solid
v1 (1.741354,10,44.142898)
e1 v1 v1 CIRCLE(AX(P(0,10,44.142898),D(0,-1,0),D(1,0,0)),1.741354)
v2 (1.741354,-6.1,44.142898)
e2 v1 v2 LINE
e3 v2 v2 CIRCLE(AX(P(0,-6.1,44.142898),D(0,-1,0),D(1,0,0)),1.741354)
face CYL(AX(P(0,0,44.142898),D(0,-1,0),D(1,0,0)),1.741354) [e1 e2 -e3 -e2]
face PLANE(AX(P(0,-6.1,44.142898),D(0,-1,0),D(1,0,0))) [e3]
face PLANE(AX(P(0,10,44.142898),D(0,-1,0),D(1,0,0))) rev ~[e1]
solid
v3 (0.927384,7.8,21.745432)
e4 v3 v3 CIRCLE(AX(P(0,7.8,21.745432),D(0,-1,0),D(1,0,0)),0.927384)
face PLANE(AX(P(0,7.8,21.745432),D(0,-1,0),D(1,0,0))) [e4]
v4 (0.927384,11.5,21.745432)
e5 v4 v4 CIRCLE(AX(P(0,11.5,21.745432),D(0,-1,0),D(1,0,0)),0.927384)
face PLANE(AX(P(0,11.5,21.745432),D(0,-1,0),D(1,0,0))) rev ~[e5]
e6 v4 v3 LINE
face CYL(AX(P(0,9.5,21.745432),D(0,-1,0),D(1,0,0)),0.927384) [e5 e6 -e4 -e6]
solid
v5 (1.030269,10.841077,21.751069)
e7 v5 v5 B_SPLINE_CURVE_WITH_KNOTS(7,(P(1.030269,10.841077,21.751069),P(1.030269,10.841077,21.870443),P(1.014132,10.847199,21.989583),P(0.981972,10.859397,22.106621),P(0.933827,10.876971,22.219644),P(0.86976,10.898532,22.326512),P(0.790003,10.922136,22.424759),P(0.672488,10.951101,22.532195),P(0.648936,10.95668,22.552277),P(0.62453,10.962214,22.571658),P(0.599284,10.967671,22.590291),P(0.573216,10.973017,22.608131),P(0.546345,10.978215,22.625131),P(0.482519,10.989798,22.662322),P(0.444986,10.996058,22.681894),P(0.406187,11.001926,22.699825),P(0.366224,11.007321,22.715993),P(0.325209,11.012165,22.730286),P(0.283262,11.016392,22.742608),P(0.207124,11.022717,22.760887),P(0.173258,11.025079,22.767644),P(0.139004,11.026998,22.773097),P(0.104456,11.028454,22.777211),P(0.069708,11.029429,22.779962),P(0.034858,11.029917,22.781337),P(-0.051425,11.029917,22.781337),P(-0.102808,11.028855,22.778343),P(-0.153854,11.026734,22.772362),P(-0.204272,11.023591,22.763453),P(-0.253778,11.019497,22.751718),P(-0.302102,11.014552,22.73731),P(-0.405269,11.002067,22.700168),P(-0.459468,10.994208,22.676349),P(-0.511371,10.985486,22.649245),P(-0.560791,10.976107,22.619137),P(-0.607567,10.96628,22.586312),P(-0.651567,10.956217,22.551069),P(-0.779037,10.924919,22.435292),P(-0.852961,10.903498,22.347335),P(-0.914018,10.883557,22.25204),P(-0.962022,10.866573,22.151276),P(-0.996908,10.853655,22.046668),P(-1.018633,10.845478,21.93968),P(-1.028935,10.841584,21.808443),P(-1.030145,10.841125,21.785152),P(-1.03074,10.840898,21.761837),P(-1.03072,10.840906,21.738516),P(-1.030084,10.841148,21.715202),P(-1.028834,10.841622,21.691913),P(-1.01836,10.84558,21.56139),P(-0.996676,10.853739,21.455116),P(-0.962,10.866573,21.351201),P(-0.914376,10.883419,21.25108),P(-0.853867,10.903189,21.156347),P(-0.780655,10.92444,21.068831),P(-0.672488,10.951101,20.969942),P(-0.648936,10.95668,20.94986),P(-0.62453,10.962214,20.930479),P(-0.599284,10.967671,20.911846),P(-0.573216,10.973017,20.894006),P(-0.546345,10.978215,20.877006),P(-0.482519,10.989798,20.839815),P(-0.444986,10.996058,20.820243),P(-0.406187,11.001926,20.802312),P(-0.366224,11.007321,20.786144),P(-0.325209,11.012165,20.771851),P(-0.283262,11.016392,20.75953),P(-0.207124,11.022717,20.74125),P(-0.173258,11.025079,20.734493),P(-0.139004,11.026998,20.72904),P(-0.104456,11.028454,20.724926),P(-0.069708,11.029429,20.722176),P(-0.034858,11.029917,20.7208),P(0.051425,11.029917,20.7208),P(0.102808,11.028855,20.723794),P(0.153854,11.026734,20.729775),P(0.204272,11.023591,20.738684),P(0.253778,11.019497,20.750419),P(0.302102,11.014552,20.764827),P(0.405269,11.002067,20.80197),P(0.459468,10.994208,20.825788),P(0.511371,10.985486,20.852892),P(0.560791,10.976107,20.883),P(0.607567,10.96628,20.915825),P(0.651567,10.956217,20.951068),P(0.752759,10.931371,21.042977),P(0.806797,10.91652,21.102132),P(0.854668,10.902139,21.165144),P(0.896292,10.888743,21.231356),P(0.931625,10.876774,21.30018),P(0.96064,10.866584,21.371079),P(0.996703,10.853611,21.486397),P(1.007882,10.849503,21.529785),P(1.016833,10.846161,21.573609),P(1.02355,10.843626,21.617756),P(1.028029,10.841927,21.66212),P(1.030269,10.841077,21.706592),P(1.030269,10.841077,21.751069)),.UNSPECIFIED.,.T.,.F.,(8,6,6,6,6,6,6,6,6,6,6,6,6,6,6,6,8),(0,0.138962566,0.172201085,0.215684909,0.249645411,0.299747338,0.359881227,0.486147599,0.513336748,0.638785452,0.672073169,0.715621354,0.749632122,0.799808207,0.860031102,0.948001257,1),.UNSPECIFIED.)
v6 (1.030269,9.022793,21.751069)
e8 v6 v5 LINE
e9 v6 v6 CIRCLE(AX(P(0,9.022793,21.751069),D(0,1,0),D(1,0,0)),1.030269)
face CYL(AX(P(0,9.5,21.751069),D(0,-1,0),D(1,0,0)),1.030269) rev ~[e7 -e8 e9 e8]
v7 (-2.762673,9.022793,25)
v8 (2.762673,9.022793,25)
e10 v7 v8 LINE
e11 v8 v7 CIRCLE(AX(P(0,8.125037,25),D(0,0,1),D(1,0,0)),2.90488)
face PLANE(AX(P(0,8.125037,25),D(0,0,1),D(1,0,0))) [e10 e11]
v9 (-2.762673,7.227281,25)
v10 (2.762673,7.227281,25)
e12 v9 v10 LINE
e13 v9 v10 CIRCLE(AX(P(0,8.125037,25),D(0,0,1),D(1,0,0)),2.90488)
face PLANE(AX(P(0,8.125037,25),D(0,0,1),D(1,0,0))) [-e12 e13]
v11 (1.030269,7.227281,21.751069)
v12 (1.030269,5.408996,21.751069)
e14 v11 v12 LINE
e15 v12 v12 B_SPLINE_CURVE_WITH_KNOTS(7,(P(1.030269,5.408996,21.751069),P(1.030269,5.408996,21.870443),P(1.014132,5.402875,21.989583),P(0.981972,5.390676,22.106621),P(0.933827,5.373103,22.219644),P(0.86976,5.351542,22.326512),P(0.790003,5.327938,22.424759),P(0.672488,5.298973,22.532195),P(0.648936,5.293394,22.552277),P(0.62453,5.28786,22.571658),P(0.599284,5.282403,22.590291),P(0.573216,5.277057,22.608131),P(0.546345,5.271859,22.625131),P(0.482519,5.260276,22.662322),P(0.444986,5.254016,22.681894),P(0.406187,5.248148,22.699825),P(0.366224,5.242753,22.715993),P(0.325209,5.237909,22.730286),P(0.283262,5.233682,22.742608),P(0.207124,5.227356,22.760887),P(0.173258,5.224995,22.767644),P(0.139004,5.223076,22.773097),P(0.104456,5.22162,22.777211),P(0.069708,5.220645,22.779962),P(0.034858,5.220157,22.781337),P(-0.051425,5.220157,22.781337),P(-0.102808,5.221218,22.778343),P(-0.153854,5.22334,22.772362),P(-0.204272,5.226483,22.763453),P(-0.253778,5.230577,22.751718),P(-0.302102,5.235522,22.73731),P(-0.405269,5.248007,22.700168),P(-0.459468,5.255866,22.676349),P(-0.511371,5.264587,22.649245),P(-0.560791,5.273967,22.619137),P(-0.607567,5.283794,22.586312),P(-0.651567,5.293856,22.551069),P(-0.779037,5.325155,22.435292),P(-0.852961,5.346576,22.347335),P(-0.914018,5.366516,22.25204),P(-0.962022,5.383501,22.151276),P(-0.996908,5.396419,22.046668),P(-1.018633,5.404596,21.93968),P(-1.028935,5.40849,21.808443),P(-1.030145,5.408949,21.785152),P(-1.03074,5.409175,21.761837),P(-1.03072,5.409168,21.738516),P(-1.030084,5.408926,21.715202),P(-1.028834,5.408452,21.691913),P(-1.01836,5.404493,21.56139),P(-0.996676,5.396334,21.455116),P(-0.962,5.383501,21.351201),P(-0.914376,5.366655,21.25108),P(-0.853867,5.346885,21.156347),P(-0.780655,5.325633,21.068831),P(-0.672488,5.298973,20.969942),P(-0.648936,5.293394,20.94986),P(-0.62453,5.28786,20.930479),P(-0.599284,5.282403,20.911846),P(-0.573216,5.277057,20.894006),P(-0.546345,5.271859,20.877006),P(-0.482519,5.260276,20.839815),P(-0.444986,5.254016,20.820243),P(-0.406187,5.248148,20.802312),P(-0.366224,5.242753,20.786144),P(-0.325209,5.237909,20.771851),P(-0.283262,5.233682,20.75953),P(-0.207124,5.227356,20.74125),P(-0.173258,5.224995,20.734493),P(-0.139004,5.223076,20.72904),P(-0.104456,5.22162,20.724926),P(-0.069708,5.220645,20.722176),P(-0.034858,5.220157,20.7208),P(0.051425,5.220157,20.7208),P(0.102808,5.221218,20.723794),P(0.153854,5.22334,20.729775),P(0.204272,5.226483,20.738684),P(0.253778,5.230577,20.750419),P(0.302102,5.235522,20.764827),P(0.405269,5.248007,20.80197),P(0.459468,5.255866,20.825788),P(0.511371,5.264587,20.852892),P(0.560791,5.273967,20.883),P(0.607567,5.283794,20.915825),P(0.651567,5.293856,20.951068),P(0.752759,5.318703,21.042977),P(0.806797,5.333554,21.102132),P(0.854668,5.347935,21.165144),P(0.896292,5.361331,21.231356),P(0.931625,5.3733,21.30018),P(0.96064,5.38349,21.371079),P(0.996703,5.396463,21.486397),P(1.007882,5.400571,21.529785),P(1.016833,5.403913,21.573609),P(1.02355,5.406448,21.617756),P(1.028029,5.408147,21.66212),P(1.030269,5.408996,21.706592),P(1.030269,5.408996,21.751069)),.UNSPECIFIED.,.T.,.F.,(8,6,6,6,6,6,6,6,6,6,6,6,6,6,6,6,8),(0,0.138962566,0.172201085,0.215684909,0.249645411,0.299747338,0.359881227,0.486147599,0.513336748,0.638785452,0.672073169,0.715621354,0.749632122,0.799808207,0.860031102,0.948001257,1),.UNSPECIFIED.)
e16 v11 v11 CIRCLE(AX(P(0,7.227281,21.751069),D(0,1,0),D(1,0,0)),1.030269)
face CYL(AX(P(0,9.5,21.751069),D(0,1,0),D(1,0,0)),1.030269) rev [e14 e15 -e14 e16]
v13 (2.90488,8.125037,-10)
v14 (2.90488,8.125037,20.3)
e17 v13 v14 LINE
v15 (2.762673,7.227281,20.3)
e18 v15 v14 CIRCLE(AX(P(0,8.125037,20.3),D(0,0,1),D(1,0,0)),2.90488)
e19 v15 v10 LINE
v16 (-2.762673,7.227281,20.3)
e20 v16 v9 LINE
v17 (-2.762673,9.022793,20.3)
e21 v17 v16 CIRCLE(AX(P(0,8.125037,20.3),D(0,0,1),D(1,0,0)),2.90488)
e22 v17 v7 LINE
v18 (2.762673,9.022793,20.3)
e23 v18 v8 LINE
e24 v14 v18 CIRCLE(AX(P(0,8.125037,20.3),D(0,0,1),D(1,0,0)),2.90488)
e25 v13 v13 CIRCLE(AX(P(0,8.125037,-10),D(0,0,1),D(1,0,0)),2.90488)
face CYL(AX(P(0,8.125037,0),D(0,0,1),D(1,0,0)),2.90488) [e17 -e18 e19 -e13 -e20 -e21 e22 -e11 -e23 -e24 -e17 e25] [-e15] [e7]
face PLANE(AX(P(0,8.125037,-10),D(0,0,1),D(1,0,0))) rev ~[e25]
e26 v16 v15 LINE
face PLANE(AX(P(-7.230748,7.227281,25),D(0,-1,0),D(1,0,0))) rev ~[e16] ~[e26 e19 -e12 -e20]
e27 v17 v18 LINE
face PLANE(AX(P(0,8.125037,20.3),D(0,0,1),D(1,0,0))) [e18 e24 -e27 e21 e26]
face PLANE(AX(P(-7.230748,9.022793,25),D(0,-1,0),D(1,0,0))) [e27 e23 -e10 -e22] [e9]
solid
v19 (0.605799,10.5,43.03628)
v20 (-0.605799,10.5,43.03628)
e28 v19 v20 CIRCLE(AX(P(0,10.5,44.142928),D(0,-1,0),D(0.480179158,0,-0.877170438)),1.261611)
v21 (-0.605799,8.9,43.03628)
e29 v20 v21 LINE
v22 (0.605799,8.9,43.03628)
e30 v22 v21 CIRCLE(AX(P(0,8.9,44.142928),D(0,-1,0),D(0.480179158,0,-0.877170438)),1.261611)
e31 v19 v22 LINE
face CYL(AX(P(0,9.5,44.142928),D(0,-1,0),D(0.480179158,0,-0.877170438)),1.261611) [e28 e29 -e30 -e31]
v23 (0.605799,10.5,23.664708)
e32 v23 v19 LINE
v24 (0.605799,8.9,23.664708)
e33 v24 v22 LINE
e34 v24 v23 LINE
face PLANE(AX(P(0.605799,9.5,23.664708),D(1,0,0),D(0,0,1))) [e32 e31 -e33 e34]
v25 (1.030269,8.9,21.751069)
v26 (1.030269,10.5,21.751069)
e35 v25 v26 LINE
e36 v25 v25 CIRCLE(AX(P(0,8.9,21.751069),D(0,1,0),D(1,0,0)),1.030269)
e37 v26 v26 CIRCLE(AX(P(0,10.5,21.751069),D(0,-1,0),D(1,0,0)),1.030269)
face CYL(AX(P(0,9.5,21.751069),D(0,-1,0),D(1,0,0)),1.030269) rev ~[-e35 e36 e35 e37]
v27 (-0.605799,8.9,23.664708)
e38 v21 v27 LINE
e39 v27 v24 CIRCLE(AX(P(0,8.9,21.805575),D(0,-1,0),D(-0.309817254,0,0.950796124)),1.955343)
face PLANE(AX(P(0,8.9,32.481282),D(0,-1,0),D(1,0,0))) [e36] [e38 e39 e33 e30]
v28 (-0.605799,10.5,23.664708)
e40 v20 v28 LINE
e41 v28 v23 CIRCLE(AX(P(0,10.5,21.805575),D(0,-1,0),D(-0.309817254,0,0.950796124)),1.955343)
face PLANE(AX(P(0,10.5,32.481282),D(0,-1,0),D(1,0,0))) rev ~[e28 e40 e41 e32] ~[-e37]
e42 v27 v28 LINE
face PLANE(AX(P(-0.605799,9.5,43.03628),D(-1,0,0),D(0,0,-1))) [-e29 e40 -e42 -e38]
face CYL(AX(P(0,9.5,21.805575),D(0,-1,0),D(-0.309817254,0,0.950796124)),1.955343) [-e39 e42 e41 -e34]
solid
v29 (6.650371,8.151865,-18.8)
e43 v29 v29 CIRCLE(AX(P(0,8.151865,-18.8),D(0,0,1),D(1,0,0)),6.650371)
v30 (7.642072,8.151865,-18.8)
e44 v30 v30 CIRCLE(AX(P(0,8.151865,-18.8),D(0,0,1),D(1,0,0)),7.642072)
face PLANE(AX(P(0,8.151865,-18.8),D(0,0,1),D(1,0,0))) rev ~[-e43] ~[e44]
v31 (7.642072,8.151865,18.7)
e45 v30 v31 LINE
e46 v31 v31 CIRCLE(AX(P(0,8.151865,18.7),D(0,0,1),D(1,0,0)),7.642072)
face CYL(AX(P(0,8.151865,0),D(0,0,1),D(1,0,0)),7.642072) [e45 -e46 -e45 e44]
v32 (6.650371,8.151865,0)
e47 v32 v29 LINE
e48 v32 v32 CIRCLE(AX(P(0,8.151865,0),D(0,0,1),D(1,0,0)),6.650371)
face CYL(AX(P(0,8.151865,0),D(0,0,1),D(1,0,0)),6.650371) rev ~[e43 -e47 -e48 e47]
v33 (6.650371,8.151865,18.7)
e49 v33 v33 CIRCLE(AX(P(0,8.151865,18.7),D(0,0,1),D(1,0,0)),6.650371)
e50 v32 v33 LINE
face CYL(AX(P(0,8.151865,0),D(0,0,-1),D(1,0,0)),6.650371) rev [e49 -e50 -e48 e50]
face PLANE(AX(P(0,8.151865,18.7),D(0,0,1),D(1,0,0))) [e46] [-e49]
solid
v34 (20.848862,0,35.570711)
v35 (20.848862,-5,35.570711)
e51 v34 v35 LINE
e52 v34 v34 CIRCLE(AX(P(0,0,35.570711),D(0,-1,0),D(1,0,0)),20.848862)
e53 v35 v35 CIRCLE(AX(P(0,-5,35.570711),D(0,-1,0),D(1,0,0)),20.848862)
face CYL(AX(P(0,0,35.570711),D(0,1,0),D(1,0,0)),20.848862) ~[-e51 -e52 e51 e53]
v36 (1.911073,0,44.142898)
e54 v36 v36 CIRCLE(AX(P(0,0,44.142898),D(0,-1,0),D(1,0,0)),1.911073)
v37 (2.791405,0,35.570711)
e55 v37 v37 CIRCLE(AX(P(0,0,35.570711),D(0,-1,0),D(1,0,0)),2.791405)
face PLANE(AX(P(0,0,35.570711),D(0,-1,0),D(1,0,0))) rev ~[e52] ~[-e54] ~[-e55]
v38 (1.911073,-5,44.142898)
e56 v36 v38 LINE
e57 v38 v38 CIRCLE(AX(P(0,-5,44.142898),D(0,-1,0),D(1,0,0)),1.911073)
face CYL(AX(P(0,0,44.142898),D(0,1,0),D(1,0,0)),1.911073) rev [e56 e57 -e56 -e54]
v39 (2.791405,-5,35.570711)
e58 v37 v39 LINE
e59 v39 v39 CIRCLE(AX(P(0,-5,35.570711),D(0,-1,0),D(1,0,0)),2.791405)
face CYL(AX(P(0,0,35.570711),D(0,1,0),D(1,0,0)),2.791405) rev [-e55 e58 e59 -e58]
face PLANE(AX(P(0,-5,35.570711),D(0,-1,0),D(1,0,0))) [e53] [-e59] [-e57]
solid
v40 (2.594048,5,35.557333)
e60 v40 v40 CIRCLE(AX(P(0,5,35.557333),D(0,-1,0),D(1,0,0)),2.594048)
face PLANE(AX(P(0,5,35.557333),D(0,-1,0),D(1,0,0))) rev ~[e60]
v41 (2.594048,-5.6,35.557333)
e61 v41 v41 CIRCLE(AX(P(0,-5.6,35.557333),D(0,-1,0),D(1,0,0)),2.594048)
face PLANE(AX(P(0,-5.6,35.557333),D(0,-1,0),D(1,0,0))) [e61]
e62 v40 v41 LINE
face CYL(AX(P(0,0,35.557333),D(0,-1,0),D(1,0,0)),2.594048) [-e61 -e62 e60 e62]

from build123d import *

# Parameters (mm, degrees)
F0_R           = 20.8488616531
F0_R_2         = 2.7914051361
F0_R_3         = 1.9110729526
F1_DEPTH       = 5
F2_R           = 2.5940480956
F3_DEPTH       = 5.6
F3_DEPTH_BACK  = 5
F4_R           = 1.7413542599
F5_DEPTH       = 6.1
F5_DEPTH_BACK  = 10
F6_R           = 7.64207238
F6_R_2         = 6.6503709335
F7_DEPTH       = 18.7
F7_DEPTH_BACK  = 18.8
F8_R           = 2.9048803565
F9_DEPTH       = 25
F9_DEPTH_BACK  = 10
F12_DEPTH      = 0.6
F12_DEPTH_BACK = 1
F13_W          = 14.4614959136
F13_H          = 1.7955116928
F14_DEPTH      = 4.7
F15_R          = 1.0302689198
F16_DEPTH      = 7.5
F16_DEPTH_BACK = 6.8
F17_R          = 0.9273844954
F18_DEPTH      = 1.7
F18_DEPTH_BACK = 2


with BuildPart() as f1:
    # F0 (on Front) → F1 (new body)
    with BuildSketch(Plane.XZ):
        with Locations((0, 35.5707108974)):
            Circle(F0_R)
        with Locations((0, 35.5707108974)):
            Circle(F0_R_2, mode=Mode.SUBTRACT)
        with Locations((0, 44.1428981721)):
            Circle(F0_R_3, mode=Mode.SUBTRACT)
    extrude(amount=F1_DEPTH)


with BuildPart() as f3:
    # F2 (on Front) → F3 (new body, two sides)
    with BuildSketch(Plane.XZ) as f3_sk:
        with Locations((0, 35.55733338)):
            Circle(F2_R)
    extrude(amount=F3_DEPTH)
    extrude(f3_sk.sketch, amount=-F3_DEPTH_BACK)


with BuildPart() as f5:
    # F4 (on Front) → F5 (new body, two sides)
    with BuildSketch(Plane.XZ) as f5_sk:
        with Locations((0, 44.1428981721)):
            Circle(F4_R)
    extrude(amount=F5_DEPTH)
    extrude(f5_sk.sketch, amount=-F5_DEPTH_BACK)


with BuildPart() as f7:
    # F6 (on Top) → F7 (new body, two sides)
    with BuildSketch(Plane.XY) as f7_sk:
        with Locations((0, 8.151864633)):
            Circle(F6_R)
        with Locations((0, 8.151864633)):
            Circle(F6_R_2, mode=Mode.SUBTRACT)
    extrude(amount=F7_DEPTH)
    extrude(f7_sk.sketch, amount=-F7_DEPTH_BACK)


with BuildPart() as f9:
    # F8 (on Top) → F9 (new body, two sides)
    with BuildSketch(Plane.XY) as f9_sk:
        with Locations((0, 8.1250369549)):
            Circle(F8_R)
    extrude(amount=F9_DEPTH)
    extrude(f9_sk.sketch, amount=-F9_DEPTH_BACK)

    # F13 (on face) → F14 (cut)
    with BuildSketch(Plane.XY.offset(25)):
        with Locations((0, 8.1250369549)):
            Rectangle(F13_W, F13_H)
    extrude(amount=-F14_DEPTH, mode=Mode.SUBTRACT)


with BuildPart() as f12:
    # F11 (on offset) → F12 (new body, two sides)
    with BuildSketch(Plane.XZ.offset(-9.5)) as f12_sk:
        with BuildLine():
            Line((0.605799121, 23.6647080328), (0.605799121, 43.0362804415))
            ThreePointArc((0.605799121, 43.0362804415), (1.2222560307, 44.4555803897), (0, 45.4045385869))
            ThreePointArc((0, 45.4045385869), (-1.2222560307, 44.4555803897), (-0.605799121, 43.0362804415))
            Line((-0.605799121, 43.0362804415), (-0.605799121, 23.6647080328))
            ThreePointArc((-0.605799121, 23.6647080328), (0, 19.8502317187), (0.605799121, 23.6647080328))
        make_face()
    extrude(amount=F12_DEPTH)
    extrude(f12_sk.sketch, amount=-F12_DEPTH_BACK)


with BuildPart() as f16_tool:
    # F15 (on offset) → F16 (new body, two sides)
    with BuildSketch(Plane.XZ.offset(-9.5)) as f16_sk:
        with Locations((0, 21.7510685325)):
            Circle(F15_R)
    extrude(amount=-F16_DEPTH)
    extrude(f16_sk.sketch, amount=F16_DEPTH_BACK)


with BuildPart() as f9_1:
    add(f9.part)

    # F16: cut by f16_tool
    add(f16_tool.part, mode=Mode.SUBTRACT)


with BuildPart() as f12_1:
    add(f12.part)

    # F16: cut by f16_tool
    add(f16_tool.part, mode=Mode.SUBTRACT)


with BuildPart() as f18:
    # F17 (on offset) → F18 (new body, two sides)
    with BuildSketch(Plane.XZ.offset(-9.5)) as f18_sk:
        with Locations((0, 21.7454321682)):
            Circle(F17_R)
    extrude(amount=F18_DEPTH)
    extrude(f18_sk.sketch, amount=-F18_DEPTH_BACK)


solid = Compound([f1.part, f3.part, f5.part, f7.part, f9_1.part, f12_1.part, f18.part])
